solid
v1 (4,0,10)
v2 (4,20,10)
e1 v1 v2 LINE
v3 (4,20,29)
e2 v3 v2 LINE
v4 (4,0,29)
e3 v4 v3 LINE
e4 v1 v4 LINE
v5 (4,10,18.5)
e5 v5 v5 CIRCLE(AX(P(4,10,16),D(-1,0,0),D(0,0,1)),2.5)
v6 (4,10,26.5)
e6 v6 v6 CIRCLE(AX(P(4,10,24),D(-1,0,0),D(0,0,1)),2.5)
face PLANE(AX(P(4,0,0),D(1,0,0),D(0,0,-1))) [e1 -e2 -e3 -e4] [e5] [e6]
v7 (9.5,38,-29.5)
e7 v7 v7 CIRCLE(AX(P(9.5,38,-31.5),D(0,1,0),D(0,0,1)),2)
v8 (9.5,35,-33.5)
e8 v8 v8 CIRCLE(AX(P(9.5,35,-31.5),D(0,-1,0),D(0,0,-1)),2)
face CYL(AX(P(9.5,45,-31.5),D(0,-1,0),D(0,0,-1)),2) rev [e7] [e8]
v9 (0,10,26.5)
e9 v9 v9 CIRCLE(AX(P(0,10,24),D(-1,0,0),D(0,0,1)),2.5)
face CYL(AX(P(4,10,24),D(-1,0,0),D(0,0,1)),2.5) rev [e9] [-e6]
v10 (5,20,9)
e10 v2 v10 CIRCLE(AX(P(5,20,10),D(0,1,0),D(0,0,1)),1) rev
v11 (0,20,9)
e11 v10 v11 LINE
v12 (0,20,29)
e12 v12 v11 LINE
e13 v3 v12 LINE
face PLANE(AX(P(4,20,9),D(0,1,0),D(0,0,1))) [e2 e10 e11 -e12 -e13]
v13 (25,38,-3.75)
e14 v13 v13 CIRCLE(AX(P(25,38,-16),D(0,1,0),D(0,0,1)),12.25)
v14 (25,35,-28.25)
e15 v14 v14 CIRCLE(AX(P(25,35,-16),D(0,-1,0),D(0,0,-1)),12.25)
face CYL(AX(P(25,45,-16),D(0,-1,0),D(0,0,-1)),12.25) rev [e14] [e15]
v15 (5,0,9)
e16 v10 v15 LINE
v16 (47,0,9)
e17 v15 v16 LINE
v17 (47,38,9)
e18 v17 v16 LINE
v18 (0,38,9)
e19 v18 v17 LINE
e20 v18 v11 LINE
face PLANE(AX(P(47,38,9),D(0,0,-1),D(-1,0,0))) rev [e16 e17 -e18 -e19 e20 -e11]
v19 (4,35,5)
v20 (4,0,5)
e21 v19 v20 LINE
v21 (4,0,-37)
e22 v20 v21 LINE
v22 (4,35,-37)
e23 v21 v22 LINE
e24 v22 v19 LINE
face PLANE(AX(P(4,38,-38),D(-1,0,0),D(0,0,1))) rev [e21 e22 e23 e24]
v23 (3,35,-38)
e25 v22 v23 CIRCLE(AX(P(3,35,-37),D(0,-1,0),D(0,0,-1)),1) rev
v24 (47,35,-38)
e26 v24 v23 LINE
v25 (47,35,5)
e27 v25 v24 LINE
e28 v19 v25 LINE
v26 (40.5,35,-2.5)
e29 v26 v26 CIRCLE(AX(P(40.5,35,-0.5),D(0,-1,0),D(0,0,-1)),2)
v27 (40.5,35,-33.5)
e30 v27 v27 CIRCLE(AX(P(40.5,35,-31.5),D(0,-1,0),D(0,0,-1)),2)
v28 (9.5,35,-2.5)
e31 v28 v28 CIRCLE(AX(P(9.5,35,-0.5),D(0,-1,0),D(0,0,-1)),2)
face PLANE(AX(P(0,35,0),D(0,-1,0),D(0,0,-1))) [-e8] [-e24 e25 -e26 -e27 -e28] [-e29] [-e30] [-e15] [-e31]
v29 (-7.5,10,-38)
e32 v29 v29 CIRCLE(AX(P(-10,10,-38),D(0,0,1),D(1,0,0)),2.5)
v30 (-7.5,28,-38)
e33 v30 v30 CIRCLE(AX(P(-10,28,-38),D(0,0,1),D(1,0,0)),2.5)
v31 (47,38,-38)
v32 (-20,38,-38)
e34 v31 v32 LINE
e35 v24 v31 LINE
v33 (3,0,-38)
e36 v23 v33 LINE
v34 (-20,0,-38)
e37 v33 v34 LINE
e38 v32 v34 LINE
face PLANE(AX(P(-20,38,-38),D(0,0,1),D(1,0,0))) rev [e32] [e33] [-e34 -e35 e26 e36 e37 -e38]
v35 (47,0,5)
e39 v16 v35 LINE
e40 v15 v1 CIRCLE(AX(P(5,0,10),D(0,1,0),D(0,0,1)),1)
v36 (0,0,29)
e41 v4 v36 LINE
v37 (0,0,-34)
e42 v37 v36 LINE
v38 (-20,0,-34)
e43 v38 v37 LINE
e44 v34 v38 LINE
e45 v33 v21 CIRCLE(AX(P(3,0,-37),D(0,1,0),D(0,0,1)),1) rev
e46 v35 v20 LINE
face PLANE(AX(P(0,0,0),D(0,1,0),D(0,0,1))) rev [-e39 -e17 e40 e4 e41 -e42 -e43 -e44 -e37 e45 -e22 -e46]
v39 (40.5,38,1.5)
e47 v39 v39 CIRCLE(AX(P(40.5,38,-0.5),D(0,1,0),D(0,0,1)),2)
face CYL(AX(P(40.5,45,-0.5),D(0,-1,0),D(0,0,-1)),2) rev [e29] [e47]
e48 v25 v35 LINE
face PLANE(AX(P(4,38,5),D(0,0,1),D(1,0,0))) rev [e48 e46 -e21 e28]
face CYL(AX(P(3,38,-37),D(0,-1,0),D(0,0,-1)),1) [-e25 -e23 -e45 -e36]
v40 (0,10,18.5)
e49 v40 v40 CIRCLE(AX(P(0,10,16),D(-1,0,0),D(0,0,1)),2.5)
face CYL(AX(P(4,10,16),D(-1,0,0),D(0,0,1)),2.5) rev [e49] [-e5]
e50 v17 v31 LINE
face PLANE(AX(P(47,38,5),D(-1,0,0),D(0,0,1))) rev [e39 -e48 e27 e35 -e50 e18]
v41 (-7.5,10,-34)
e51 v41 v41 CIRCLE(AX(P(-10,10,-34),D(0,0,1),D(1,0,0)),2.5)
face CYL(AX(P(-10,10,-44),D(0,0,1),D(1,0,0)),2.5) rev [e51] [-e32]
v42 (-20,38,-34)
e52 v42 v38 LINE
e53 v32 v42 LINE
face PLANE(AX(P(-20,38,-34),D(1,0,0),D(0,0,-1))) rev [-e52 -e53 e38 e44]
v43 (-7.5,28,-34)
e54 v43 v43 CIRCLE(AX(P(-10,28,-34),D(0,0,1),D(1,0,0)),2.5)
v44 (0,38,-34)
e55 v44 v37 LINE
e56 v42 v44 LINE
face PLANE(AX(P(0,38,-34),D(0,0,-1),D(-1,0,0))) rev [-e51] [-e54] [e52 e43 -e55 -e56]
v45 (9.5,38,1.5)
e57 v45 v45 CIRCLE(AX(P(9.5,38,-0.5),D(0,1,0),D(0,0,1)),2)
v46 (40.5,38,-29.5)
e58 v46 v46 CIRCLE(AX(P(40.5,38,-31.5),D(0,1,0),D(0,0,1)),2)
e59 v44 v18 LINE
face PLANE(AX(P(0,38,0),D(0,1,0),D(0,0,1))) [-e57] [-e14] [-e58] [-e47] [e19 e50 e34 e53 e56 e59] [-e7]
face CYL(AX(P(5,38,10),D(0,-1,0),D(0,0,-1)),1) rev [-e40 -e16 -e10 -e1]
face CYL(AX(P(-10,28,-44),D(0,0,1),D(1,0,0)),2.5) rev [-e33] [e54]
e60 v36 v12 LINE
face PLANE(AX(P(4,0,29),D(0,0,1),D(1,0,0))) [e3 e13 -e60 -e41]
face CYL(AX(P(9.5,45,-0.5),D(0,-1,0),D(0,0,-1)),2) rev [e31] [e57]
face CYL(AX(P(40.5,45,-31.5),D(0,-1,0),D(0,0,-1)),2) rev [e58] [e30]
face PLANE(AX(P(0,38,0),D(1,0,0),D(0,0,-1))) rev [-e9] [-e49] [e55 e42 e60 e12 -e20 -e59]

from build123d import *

# Parameters (mm, degrees)
BOSS_EXTRUDE1_DEPTH = 38
SKETCH2_W           = 43
SKETCH2_H           = 43
BOSS_EXTRUDE2_DEPTH = 3
SKETCH3_R           = 2
SKETCH3_R_2         = 12.25
CUT_EXTRUDE1_DEPTH  = 10
SKETCH4_R           = 2.5
CUT_EXTRUDE2_DEPTH  = 10
SKETCH5_W           = 20
SKETCH5_H           = 20
SKETCH5_R           = 2.5
BOSS_EXTRUDE3_DEPTH = 4
FILLET1_R           = 1


with BuildPart() as part:
    # Sketch1 → Boss-Extrude1 (new body)
    with BuildSketch(Plane(origin=(0, 0, 0), x_dir=(1, 0, 0), z_dir=(0, 1, 0))):
        Polygon((0, 0), (0, 34), (-20, 34), (-20, 38), (4, 38), (4, -5), (47, -5), (47, -9), (0, -9), align=None)
    extrude(amount=BOSS_EXTRUDE1_DEPTH)

    # Sketch2 → Boss-Extrude2 (add)
    with BuildSketch(Plane(origin=(0, 38, 0), x_dir=(1, 0, 0), z_dir=(0, 1, 0))):
        with Locations((25.5, 16.5)):
            Rectangle(SKETCH2_W, SKETCH2_H)
    extrude(amount=-BOSS_EXTRUDE2_DEPTH)

    # Sketch3 → Cut-Extrude1 (cut)
    with BuildSketch(Plane(origin=(0, 35, 0), x_dir=(-1, 0, 0), z_dir=(0, -1, 0))):
        with Locations((-40.5, 31.5)):
            Circle(SKETCH3_R)
        with Locations((-9.5, 31.5)):
            Circle(SKETCH3_R)
        with Locations((-9.5, 0.5)):
            Circle(SKETCH3_R)
        with Locations((-40.5, 0.5)):
            Circle(SKETCH3_R)
        with Locations((-25, 16)):
            Circle(SKETCH3_R_2)
    extrude(amount=-CUT_EXTRUDE1_DEPTH, mode=Mode.SUBTRACT)

    # Sketch4 → Cut-Extrude2 (cut)
    with BuildSketch(Plane.XY.offset(-34)):
        with Locations((-10, 10)):
            Circle(SKETCH4_R)
        with Locations((-10, 28)):
            Circle(SKETCH4_R)
    extrude(amount=-CUT_EXTRUDE2_DEPTH, mode=Mode.SUBTRACT)

    # Sketch5 → Boss-Extrude3 (add)
    with BuildSketch(Plane.ZY):
        with Locations((19, 10)):
            Rectangle(SKETCH5_W, SKETCH5_H)
        with Locations((16, 10)):
            Circle(SKETCH5_R, mode=Mode.SUBTRACT)
        with Locations((24, 10)):
            Circle(SKETCH5_R, mode=Mode.SUBTRACT)
    extrude(amount=-BOSS_EXTRUDE3_DEPTH)

    # Fillet1
    fillet1_edges = [part.edges().sort_by_distance(p)[0] for p in [
        (4, 17.5, -38),
        (4, 10, 9),
    ]]
    fillet(fillet1_edges, radius=FILLET1_R)


solid = part.part
